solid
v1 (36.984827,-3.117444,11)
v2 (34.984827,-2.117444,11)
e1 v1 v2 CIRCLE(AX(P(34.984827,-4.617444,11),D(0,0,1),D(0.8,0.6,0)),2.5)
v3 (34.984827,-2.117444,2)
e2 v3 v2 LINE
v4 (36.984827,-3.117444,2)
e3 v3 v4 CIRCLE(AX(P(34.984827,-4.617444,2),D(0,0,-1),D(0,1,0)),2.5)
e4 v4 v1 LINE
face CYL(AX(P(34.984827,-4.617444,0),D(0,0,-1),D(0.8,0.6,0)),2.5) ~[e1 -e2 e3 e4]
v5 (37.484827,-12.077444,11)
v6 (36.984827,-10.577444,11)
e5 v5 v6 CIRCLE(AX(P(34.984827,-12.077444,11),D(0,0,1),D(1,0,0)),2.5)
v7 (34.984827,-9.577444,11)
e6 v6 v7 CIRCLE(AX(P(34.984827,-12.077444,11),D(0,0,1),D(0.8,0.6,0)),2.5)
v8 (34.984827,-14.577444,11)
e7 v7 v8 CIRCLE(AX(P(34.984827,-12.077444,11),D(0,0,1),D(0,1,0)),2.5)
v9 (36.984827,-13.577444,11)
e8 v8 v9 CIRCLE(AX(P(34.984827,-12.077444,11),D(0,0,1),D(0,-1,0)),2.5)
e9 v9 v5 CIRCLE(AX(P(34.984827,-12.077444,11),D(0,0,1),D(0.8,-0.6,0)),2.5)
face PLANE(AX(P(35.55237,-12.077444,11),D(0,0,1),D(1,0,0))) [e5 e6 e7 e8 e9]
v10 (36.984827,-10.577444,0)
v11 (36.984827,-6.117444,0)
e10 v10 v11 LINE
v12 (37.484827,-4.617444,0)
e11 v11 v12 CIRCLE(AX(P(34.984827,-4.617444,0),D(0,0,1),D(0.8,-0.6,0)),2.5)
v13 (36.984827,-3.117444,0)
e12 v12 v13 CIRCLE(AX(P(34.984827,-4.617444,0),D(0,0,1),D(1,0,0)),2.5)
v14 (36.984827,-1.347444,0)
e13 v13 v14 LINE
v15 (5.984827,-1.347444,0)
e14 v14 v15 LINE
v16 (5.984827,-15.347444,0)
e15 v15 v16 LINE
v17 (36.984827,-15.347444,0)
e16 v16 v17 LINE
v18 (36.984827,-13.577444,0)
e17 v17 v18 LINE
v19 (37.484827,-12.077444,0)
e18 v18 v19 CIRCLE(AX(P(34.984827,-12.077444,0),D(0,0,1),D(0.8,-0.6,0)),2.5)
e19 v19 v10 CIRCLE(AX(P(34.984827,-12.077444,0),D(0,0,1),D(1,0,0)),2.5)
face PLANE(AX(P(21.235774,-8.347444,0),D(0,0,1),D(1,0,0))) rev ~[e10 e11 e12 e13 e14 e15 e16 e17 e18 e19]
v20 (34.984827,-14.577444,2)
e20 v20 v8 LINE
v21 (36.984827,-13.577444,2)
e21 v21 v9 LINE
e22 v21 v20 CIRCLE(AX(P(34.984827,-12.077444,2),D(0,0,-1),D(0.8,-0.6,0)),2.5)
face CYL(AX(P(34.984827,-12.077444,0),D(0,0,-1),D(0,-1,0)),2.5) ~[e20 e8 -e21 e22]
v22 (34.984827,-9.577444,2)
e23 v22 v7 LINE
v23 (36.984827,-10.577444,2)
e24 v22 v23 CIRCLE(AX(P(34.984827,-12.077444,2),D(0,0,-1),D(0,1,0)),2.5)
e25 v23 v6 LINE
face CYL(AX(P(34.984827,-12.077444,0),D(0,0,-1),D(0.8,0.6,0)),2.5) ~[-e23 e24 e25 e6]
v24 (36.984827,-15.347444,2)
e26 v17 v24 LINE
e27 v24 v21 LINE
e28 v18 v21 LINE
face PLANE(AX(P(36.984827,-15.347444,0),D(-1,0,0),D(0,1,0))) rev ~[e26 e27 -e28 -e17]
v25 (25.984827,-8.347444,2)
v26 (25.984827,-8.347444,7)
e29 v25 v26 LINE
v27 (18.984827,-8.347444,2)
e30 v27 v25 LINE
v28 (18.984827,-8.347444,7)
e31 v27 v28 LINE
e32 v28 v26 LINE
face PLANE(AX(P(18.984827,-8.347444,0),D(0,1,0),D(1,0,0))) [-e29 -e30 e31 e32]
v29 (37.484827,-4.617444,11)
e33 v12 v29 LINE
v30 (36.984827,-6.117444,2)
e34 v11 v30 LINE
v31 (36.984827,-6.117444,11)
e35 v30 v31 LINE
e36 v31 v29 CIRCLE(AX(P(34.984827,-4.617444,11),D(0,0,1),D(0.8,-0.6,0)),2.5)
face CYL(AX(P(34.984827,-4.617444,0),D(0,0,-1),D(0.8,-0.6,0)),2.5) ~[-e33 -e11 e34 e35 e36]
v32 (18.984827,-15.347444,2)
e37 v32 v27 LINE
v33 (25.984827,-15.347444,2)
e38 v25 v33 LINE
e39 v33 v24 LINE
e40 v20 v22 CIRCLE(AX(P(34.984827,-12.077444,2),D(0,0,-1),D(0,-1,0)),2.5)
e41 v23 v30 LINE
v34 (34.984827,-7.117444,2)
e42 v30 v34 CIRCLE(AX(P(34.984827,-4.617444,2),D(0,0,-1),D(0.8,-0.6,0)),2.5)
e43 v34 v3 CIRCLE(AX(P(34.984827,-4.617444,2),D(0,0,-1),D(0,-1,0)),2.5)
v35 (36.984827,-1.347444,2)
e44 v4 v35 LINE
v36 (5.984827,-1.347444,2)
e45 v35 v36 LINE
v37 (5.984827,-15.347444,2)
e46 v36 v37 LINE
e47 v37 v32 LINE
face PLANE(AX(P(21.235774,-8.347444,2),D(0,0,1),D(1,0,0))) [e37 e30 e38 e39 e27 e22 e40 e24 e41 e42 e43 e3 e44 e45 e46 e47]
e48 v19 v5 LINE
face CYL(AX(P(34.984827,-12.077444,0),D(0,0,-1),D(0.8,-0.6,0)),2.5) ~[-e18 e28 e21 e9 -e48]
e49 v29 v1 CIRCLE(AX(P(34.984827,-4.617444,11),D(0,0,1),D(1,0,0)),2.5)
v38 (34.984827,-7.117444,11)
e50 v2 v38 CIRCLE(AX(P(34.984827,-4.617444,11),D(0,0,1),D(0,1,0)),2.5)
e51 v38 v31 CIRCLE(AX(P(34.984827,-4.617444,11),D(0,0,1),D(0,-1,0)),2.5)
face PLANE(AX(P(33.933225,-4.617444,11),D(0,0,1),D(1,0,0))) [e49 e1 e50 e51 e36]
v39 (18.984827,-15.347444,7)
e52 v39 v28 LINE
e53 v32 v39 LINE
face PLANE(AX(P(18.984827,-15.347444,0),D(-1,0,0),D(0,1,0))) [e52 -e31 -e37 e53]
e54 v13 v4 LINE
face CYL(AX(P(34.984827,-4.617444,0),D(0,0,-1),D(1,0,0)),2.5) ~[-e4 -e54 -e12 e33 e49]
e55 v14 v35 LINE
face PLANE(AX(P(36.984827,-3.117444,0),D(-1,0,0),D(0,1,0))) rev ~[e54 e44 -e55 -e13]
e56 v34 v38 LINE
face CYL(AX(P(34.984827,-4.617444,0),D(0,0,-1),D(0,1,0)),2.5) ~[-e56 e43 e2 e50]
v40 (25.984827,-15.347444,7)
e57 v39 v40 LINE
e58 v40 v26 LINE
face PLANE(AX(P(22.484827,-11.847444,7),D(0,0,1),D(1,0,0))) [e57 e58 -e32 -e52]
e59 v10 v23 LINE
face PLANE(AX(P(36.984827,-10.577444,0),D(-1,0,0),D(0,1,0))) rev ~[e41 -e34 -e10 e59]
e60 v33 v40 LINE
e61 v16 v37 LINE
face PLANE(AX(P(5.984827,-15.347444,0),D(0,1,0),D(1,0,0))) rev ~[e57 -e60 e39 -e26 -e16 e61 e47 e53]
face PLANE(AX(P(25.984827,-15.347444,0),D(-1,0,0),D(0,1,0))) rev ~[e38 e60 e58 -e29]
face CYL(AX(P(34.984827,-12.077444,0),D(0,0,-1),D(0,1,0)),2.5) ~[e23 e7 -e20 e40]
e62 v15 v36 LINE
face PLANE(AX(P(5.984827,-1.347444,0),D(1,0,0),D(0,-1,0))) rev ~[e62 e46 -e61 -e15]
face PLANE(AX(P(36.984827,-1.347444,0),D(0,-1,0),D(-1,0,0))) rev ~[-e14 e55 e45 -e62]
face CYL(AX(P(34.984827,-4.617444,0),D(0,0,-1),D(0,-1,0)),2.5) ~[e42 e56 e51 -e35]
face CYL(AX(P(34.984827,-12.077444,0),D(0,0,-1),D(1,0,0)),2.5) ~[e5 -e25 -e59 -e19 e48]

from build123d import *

# Parameters (mm, degrees)
F0_W     = 7
F0_H     = 7
F1_DEPTH = 7
F2_DEPTH = 11
F3_DEPTH = 2


with BuildPart() as f1:
    # F0 (on Top) → F1 (new body)
    with BuildSketch(Plane.XY):
        with Locations((22.4848273695, -11.8474444523)):
            Rectangle(F0_W, F0_H)
    extrude(amount=F1_DEPTH)



with BuildPart() as f2:
    # F0 (on Top) → F2 (new body)
    with BuildSketch(Plane.XY):
        with BuildLine():
            Line((34.9848273695, -3.1174444523), (34.9848273695, -2.1174444523))
            ThreePointArc((34.9848273695, -2.1174444523), (32.4848273695, -4.6174444523), (34.9848273695, -7.1174444523))
            Line((34.9848273695, -7.1174444523), (34.9848273695, -6.1174444523))
            ThreePointArc((34.9848273695, -6.1174444523), (33.4848273695, -4.6174444523), (34.9848273695, -3.1174444523))
        make_face()
        with BuildLine():
            Line((34.9848273695, -3.3474444523), (34.9848273695, -3.1174444523))
            ThreePointArc((34.9848273695, -3.1174444523), (33.4848273695, -4.6174444523), (34.9848273695, -6.1174444523))
            Line((34.9848273695, -6.1174444523), (34.9848273695, -5.8874444523))
            Line((34.9848273695, -5.8874444523), (34.9848273695, -3.3474444523))
        make_face()
        with BuildLine():
            ThreePointArc((36.4848273695, -4.6174444523), (36.0454875412, -3.5567842806), (34.9848273695, -3.1174444523))
            Line((34.9848273695, -3.1174444523), (34.9848273695, -3.3474444523))
            Line((34.9848273695, -3.3474444523), (34.9848273695, -5.8874444523))
            Line((34.9848273695, -5.8874444523), (34.9848273695, -6.1174444523))
            ThreePointArc((34.9848273695, -6.1174444523), (36.0454875412, -5.6781046241), (36.4848273695, -4.6174444523))
        make_face()
        with BuildLine():
            ThreePointArc((36.9848273695, -3.1174444523), (36.1028613582, -2.3813764748), (34.9848273695, -2.1174444523))
            Line((34.9848273695, -2.1174444523), (34.9848273695, -3.1174444523))
            ThreePointArc((34.9848273695, -3.1174444523), (36.0454875412, -3.5567842806), (36.4848273695, -4.6174444523))
            ThreePointArc((36.4848273695, -4.6174444523), (36.0454875412, -5.6781046241), (34.9848273695, -6.1174444523))
            Line((34.9848273695, -6.1174444523), (34.9848273695, -7.1174444523))
            ThreePointArc((34.9848273695, -7.1174444523), (36.1028613582, -6.8535124298), (36.9848273695, -6.1174444523))
            Line((36.9848273695, -6.1174444523), (36.9848273695, -3.1174444523))
        make_face()
        with BuildLine():
            ThreePointArc((37.4848273695, -4.6174444523), (37.3565356146, -3.8268750373), (36.9848273695, -3.1174444523))
            Line((36.9848273695, -3.1174444523), (36.9848273695, -6.1174444523))
            ThreePointArc((36.9848273695, -6.1174444523), (37.3565356146, -5.4080138674), (37.4848273695, -4.6174444523))
        make_face()
    extrude(amount=F2_DEPTH)


with BuildPart() as f2b:
    # F0 (on Top) → F2, piece 2 (new body)
    with BuildSketch(Plane.XY):
        with BuildLine():
            ThreePointArc((36.4848273695, -12.0774444523), (36.0454875412, -11.0167842806), (34.9848273695, -10.5774444523))
            Line((34.9848273695, -10.5774444523), (34.9848273695, -10.8074444523))
            Line((34.9848273695, -10.8074444523), (34.9848273695, -13.3474444523))
            Line((34.9848273695, -13.3474444523), (34.9848273695, -13.5774444523))
            ThreePointArc((34.9848273695, -13.5774444523), (36.0454875412, -13.1381046241), (36.4848273695, -12.0774444523))
        make_face()
        with BuildLine():
            ThreePointArc((37.4848273695, -12.0774444523), (37.3565356146, -11.2868750373), (36.9848273695, -10.5774444523))
            Line((36.9848273695, -10.5774444523), (36.9848273695, -13.5774444523))
            ThreePointArc((36.9848273695, -13.5774444523), (37.3565356146, -12.8680138674), (37.4848273695, -12.0774444523))
        make_face()
        with BuildLine():
            ThreePointArc((36.9848273695, -10.5774444523), (36.1028613582, -9.8413764748), (34.9848273695, -9.5774444523))
            Line((34.9848273695, -9.5774444523), (34.9848273695, -10.5774444523))
            ThreePointArc((34.9848273695, -10.5774444523), (36.0454875412, -11.0167842806), (36.4848273695, -12.0774444523))
            ThreePointArc((36.4848273695, -12.0774444523), (36.0454875412, -13.1381046241), (34.9848273695, -13.5774444523))
            Line((34.9848273695, -13.5774444523), (34.9848273695, -14.5774444523))
            ThreePointArc((34.9848273695, -14.5774444523), (36.1028613582, -14.3135124298), (36.9848273695, -13.5774444523))
            Line((36.9848273695, -13.5774444523), (36.9848273695, -10.5774444523))
        make_face()
        with BuildLine():
            Line((34.9848273695, -10.8074444523), (34.9848273695, -10.5774444523))
            ThreePointArc((34.9848273695, -10.5774444523), (33.4848273695, -12.0774444523), (34.9848273695, -13.5774444523))
            Line((34.9848273695, -13.5774444523), (34.9848273695, -13.3474444523))
            Line((34.9848273695, -13.3474444523), (34.9848273695, -10.8074444523))
        make_face()
        with BuildLine():
            Line((34.9848273695, -10.5774444523), (34.9848273695, -9.5774444523))
            ThreePointArc((34.9848273695, -9.5774444523), (32.4848273695, -12.0774444523), (34.9848273695, -14.5774444523))
            Line((34.9848273695, -14.5774444523), (34.9848273695, -13.5774444523))
            ThreePointArc((34.9848273695, -13.5774444523), (33.4848273695, -12.0774444523), (34.9848273695, -10.5774444523))
        make_face()
    extrude(amount=F2_DEPTH)


with BuildPart() as f1_1:
    add(f1.part)

    add(f2.part)  # F3 merges F2

    add(f2b.part)  # F3 merges F2b
    # F0 (on Top) → F3 (join)
    with BuildSketch(Plane.XY):
        with BuildLine():
            Line((34.9848273695, -1.3474444523), (5.9848273695, -1.3474444523))
            Line((5.9848273695, -1.3474444523), (5.9848273695, -15.3474444523))
            Line((5.9848273695, -15.3474444523), (18.9848273695, -15.3474444523))
            Line((18.9848273695, -15.3474444523), (18.9848273695, -8.3474444523))
            Line((18.9848273695, -8.3474444523), (25.9848273695, -8.3474444523))
            Line((25.9848273695, -8.3474444523), (25.9848273695, -15.3474444523))
            Line((25.9848273695, -15.3474444523), (34.9848273695, -15.3474444523))
            Line((34.9848273695, -15.3474444523), (34.9848273695, -14.5774444523))
            ThreePointArc((34.9848273695, -14.5774444523), (32.4848273695, -12.0774444523), (34.9848273695, -9.5774444523))
            Line((34.9848273695, -9.5774444523), (34.9848273695, -7.1174444523))
            ThreePointArc((34.9848273695, -7.1174444523), (32.4848273695, -4.6174444523), (34.9848273695, -2.1174444523))
            Line((34.9848273695, -2.1174444523), (34.9848273695, -1.3474444523))
        make_face()
        with BuildLine():
            Line((34.9848273695, -14.5774444523), (34.9848273695, -15.3474444523))
            Line((34.9848273695, -15.3474444523), (36.9848273695, -15.3474444523))
            Line((36.9848273695, -15.3474444523), (36.9848273695, -13.5774444523))
            ThreePointArc((36.9848273695, -13.5774444523), (36.1028613582, -14.3135124298), (34.9848273695, -14.5774444523))
        make_face()
        with BuildLine():
            ThreePointArc((36.9848273695, -6.1174444523), (36.1028613582, -6.8535124298), (34.9848273695, -7.1174444523))
            Line((34.9848273695, -7.1174444523), (34.9848273695, -9.5774444523))
            ThreePointArc((34.9848273695, -9.5774444523), (36.1028613582, -9.8413764748), (36.9848273695, -10.5774444523))
            Line((36.9848273695, -10.5774444523), (36.9848273695, -6.1174444523))
        make_face()
        with BuildLine():
            Line((36.9848273695, -1.3474444523), (34.9848273695, -1.3474444523))
            Line((34.9848273695, -1.3474444523), (34.9848273695, -2.1174444523))
            ThreePointArc((34.9848273695, -2.1174444523), (36.1028613582, -2.3813764748), (36.9848273695, -3.1174444523))
            Line((36.9848273695, -3.1174444523), (36.9848273695, -1.3474444523))
        make_face()
    extrude(amount=F3_DEPTH)


solid = f1_1.part
